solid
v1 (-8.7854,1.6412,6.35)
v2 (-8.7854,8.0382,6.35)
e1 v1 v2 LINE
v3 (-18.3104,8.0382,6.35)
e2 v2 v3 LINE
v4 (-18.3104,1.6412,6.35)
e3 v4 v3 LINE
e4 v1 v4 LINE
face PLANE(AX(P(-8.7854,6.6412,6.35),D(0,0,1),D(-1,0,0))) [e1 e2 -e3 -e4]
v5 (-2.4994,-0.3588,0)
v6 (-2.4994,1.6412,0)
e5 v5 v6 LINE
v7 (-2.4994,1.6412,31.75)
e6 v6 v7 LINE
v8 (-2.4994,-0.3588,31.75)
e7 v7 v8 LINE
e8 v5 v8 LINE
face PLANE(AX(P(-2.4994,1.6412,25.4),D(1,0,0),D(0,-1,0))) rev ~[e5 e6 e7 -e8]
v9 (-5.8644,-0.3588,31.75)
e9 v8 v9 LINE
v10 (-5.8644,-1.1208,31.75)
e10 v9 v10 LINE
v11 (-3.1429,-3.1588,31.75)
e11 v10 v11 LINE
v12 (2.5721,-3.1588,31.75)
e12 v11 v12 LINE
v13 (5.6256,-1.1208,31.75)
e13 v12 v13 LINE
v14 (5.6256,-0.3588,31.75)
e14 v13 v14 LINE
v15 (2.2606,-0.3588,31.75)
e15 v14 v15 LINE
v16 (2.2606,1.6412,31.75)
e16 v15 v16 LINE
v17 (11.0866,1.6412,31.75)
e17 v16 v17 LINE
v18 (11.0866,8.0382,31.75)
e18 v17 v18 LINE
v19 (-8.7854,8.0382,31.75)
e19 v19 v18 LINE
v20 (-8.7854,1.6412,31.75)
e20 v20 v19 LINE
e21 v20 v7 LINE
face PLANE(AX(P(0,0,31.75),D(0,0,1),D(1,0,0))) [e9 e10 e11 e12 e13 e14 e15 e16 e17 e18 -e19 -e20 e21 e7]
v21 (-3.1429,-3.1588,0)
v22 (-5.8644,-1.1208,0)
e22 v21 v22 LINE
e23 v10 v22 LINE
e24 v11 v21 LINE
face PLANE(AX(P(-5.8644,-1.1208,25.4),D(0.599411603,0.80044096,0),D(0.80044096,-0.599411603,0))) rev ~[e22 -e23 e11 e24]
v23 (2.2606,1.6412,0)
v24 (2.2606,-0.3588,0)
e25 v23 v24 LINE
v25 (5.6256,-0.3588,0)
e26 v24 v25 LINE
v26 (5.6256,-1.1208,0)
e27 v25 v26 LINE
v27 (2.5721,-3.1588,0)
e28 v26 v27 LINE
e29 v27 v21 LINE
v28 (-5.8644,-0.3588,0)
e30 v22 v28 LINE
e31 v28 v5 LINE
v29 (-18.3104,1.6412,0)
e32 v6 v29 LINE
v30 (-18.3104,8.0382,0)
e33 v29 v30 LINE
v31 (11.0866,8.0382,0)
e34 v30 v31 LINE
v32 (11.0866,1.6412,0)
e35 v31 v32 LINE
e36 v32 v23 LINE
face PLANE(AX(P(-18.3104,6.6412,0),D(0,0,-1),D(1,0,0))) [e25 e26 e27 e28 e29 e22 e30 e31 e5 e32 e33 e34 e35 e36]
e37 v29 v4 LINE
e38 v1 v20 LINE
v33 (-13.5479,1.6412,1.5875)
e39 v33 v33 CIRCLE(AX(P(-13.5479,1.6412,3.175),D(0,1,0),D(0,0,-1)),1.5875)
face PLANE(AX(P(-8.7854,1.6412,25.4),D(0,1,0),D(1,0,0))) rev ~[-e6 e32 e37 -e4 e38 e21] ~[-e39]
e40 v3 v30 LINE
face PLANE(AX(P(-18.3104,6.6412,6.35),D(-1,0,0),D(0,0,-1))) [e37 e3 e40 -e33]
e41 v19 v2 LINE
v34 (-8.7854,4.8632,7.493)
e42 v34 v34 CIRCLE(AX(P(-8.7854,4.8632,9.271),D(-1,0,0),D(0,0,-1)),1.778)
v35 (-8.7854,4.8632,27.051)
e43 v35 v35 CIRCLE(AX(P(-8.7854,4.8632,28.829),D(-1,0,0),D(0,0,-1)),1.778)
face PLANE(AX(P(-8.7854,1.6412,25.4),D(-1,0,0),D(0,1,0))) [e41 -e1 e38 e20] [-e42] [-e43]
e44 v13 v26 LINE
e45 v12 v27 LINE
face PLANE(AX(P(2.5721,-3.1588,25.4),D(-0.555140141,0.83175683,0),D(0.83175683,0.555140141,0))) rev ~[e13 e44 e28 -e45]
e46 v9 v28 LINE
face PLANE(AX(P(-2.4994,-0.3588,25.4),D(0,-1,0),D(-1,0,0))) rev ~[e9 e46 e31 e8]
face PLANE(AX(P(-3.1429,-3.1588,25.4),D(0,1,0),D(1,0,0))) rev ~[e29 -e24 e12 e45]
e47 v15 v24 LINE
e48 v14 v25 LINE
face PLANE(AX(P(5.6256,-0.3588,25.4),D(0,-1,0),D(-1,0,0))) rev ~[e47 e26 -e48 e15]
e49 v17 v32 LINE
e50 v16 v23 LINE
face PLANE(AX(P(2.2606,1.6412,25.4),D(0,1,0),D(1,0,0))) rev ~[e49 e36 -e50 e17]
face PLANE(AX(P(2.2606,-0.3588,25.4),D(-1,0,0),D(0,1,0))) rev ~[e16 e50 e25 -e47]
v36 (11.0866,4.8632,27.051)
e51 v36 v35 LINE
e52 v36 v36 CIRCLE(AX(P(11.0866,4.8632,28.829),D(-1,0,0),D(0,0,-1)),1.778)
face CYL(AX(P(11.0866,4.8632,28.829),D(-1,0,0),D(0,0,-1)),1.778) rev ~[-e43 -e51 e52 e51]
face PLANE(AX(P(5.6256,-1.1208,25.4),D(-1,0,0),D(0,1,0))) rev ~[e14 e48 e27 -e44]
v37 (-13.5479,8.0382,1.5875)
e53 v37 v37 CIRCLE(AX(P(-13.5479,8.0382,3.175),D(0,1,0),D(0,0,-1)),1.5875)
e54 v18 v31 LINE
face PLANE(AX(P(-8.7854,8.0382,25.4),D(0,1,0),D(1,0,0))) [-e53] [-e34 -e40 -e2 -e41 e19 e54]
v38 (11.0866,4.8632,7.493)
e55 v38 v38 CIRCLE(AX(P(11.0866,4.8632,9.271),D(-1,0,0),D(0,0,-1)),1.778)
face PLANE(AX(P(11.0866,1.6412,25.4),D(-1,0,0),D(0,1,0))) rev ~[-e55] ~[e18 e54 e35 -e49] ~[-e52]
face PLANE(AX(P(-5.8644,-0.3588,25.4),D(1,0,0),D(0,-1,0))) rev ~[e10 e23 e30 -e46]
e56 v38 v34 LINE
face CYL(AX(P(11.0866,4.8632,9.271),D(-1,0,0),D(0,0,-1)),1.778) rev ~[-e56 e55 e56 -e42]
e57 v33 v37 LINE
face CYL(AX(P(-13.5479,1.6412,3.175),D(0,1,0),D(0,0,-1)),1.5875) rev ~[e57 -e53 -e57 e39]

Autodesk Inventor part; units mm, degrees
ref_plane "YZ Plane" through (0, 0, 0) normal (1, 0, 0) x (0, 1, 0)
ref_plane "XZ Plane" through (0, 0, 0) normal (0, 1, 0) x (-1, 0, 0)
ref_plane "XY Plane" through (0, 0, 0) normal (0, 0, 1) x (1, 0, 0)
sketch "Sketch1" plane through (0, 0, 0) normal (0, 0, 1) x (1, 0, 0)
  line L0 (0, 0) -> (14.5304, 0)
  line L1 (-8.7854, 6.6412) -> (11.0866, 6.6412)
  line L2 (11.0866, 1.6412) -> (2.2606, 1.6412)
  line L3 (2.2606, 1.6412) -> (2.2606, -0.3588)
  line L4 (2.2606, -0.3588) -> (5.6256, -0.3588)
  line L5 (2.5721, -3.1588) -> (-3.1429, -3.1588)
  line L6 (-3.1429, -3.1588) -> (-5.8644, -1.1208)
  line L7 (-5.8644, -1.1208) -> (-5.8644, -0.3588)
  line L8 (-5.8644, -0.3588) -> (-2.4994, -0.3588)
  line L9 (-2.4994, -0.3588) -> (-2.4994, 1.6412)
  line L10 (-2.4994, 1.6412) -> (-8.7854, 1.6412)
  line L11 (-8.7854, 1.6412) -> (-8.7854, 6.6412)
  line L12 (5.6256, -0.3588) -> (5.6256, -1.1208)
  line L13 (5.6256, -1.1208) -> (2.5721, -3.1588)
  line L14 (11.0866, 6.6412) -> (5.0156, 6.6412)
  line L15 (5.0156, 1.6412) -> (11.0866, 1.6412)
  line L16 (11.0866, 6.6412) -> (11.0866, 1.6412)
  dimension "d2" = 5
  dimension "d3" = 2
  dimension "d6" = 11.49
  dimension "d7" = 2.921
  dimension "d9" = 5.6425
  dimension "d11" = 0.762
  dimension "d12" = 0.762
  dimension "d78" = 5.461
  dimension "d88" = 3.365
  dimension "d89" = 3.365
extrude "Extrusion1" add sketch "Sketch1" along normal blind 25.4
sketch "Sketch14" plane through (-8.7854, 1.6412, 0) normal (-1, 0, 0) x (0, 0, 1)
  line L0 (0, 0) -> (0, 5) projected
  line L1 (0, 0) -> (25.4, 0) projected
  line L2 (25.4, 5) -> (25.4, 0) projected
  line L3 (0, 5) -> (25.4, 5) projected
  line L4 (0, 5) -> (0, 0) projected
  line L5 (0, 0) -> (25.4, 0) projected
  line L6 (0, 5) -> (6.35, 5)
  line L7 (6.35, 5) -> (6.35, 0)
  line L8 (6.35, 0) -> (0, 0)
  line L9 (0, 0) -> (0, 5)
  point P0 (0, -1.6412)
  dimension "d161" = 6.35
extrude "Extrusion6" add sketch "Sketch14" along normal blind 9.525 contours L0 L3 L7 L1
sketch "Sketch17" plane through (-8.7854, 6.6412, 25.4) normal (0, 1, 0) x (1, 0, 0)
  line L0 (-9.525, 25.4) -> (19.872, 25.4) projected
  line L1 (-9.525, 19.05) -> (-9.525, 25.4) projected
  line L2 (0, 19.05) -> (-9.525, 19.05) projected
  line L3 (0, 19.05) -> (0, 0) projected
  line L4 (19.872, 0) -> (0, 0) projected
  line L5 (19.872, 25.4) -> (19.872, 0) projected
  line L6 (-9.525, 25.4) -> (19.872, 25.4) projected
  line L7 (19.872, 0) -> (0, 0) projected
  line L8 (19.872, 25.4) -> (13.522, 25.4)
  line L9 (13.522, 0) -> (19.872, 0)
  line L10 (19.872, 0) -> (19.872, 25.4)
  point P0 (8.7854, 25.4)
  dimension "d175" = 6.35
extrude "Extrusion9" add sketch "Sketch17" along normal blind 1.397
sketch "Sketch19" plane through (-8.7854, 1.6412, 25.4) normal (0, -1, 0) x (1, 0, 0)
  line L0 (6.286, -25.4) -> (-9.525, -25.4) projected
  line L1 (6.286, -25.4) -> (6.286, 0) projected
  line L2 (0, 0) -> (6.286, 0) projected
  line L3 (0, -19.05) -> (0, 0) projected
  line L4 (0, -19.05) -> (-9.525, -19.05) projected
  line L5 (-9.525, -25.4) -> (-9.525, -19.05) projected
  point P0 (8.7854, -25.4)
  point P1 (-4.7625, -22.225)
hole "Hole11" at (-13.5479, 1.6412, 3.175) direction (0, 1, 0) diameter 3.175 depth 25.4 tip angle 118
sketch "Sketch20" plane through (0, 0, 25.4) normal (0, 0, 1) x (1, 0, 0)
  line L0 (-8.7854, 1.6412) -> (-8.7854, 8.0382) projected
  line L1 (-8.7854, 1.6412) -> (-2.4994, 1.6412) projected
  line L2 (-2.4994, 1.6412) -> (-2.4994, -0.3588) projected
  line L3 (-2.4994, -0.3588) -> (-5.8644, -0.3588) projected
  line L4 (-5.8644, -0.3588) -> (-5.8644, -1.1208) projected
  line L5 (-5.8644, -1.1208) -> (-3.1429, -3.1588) projected
  line L6 (-3.1429, -3.1588) -> (2.5721, -3.1588) projected
  line L7 (2.5721, -3.1588) -> (5.6256, -1.1208) projected
  line L8 (5.6256, -1.1208) -> (5.6256, -0.3588) projected
  line L9 (5.6256, -0.3588) -> (2.2606, -0.3588) projected
  line L10 (2.2606, -0.3588) -> (2.2606, 1.6412) projected
  line L11 (2.2606, 1.6412) -> (11.0866, 1.6412) projected
  line L12 (11.0866, 1.6412) -> (11.0866, 8.0382) projected
  line L13 (-8.7854, 8.0382) -> (11.0866, 8.0382) projected
  point P0 (0, 0)
extrude "Extrusion10" add sketch "Sketch20" along normal blind 6.35
sketch "Sketch21" plane through (11.0866, 1.6412, 0) normal (1, 0, 0) x (0, 0, -1)
  line L0 (0, 6.397) -> (0, 0) projected
  line L1 (0, 6.397) -> (-31.75, 6.397) projected
  line L2 (-31.75, 0) -> (-31.75, 6.397) projected
  line L3 (0, 0) -> (-31.75, 0) projected
  point P0 (0, -1.6412)
  point P1 (-28.829, 3.222)
  point P2 (-9.271, 3.222)
  dimension "d199" = 31.75
  dimension "d200" = 19.558
  dimension "d201" = 9.271
  dimension "d202" = 3.175
  dimension "d203" = 3.175
hole "Hole12" at (11.0866, 4.8632, 28.829) at (11.0866, 4.8632, 9.271) direction (-1, 0, 0) diameter 3.556 depth 25.4 tip angle 118
equation "\"d9\" = -0.5 * d8 + 0.5 * d0"
equation "\"d12\" = d11"
equation "\"d203\" = d202"
equation "\"d8\" = 5.715"
equation "\"d0\" = 17"
properties part number "Sliderfor2020"
